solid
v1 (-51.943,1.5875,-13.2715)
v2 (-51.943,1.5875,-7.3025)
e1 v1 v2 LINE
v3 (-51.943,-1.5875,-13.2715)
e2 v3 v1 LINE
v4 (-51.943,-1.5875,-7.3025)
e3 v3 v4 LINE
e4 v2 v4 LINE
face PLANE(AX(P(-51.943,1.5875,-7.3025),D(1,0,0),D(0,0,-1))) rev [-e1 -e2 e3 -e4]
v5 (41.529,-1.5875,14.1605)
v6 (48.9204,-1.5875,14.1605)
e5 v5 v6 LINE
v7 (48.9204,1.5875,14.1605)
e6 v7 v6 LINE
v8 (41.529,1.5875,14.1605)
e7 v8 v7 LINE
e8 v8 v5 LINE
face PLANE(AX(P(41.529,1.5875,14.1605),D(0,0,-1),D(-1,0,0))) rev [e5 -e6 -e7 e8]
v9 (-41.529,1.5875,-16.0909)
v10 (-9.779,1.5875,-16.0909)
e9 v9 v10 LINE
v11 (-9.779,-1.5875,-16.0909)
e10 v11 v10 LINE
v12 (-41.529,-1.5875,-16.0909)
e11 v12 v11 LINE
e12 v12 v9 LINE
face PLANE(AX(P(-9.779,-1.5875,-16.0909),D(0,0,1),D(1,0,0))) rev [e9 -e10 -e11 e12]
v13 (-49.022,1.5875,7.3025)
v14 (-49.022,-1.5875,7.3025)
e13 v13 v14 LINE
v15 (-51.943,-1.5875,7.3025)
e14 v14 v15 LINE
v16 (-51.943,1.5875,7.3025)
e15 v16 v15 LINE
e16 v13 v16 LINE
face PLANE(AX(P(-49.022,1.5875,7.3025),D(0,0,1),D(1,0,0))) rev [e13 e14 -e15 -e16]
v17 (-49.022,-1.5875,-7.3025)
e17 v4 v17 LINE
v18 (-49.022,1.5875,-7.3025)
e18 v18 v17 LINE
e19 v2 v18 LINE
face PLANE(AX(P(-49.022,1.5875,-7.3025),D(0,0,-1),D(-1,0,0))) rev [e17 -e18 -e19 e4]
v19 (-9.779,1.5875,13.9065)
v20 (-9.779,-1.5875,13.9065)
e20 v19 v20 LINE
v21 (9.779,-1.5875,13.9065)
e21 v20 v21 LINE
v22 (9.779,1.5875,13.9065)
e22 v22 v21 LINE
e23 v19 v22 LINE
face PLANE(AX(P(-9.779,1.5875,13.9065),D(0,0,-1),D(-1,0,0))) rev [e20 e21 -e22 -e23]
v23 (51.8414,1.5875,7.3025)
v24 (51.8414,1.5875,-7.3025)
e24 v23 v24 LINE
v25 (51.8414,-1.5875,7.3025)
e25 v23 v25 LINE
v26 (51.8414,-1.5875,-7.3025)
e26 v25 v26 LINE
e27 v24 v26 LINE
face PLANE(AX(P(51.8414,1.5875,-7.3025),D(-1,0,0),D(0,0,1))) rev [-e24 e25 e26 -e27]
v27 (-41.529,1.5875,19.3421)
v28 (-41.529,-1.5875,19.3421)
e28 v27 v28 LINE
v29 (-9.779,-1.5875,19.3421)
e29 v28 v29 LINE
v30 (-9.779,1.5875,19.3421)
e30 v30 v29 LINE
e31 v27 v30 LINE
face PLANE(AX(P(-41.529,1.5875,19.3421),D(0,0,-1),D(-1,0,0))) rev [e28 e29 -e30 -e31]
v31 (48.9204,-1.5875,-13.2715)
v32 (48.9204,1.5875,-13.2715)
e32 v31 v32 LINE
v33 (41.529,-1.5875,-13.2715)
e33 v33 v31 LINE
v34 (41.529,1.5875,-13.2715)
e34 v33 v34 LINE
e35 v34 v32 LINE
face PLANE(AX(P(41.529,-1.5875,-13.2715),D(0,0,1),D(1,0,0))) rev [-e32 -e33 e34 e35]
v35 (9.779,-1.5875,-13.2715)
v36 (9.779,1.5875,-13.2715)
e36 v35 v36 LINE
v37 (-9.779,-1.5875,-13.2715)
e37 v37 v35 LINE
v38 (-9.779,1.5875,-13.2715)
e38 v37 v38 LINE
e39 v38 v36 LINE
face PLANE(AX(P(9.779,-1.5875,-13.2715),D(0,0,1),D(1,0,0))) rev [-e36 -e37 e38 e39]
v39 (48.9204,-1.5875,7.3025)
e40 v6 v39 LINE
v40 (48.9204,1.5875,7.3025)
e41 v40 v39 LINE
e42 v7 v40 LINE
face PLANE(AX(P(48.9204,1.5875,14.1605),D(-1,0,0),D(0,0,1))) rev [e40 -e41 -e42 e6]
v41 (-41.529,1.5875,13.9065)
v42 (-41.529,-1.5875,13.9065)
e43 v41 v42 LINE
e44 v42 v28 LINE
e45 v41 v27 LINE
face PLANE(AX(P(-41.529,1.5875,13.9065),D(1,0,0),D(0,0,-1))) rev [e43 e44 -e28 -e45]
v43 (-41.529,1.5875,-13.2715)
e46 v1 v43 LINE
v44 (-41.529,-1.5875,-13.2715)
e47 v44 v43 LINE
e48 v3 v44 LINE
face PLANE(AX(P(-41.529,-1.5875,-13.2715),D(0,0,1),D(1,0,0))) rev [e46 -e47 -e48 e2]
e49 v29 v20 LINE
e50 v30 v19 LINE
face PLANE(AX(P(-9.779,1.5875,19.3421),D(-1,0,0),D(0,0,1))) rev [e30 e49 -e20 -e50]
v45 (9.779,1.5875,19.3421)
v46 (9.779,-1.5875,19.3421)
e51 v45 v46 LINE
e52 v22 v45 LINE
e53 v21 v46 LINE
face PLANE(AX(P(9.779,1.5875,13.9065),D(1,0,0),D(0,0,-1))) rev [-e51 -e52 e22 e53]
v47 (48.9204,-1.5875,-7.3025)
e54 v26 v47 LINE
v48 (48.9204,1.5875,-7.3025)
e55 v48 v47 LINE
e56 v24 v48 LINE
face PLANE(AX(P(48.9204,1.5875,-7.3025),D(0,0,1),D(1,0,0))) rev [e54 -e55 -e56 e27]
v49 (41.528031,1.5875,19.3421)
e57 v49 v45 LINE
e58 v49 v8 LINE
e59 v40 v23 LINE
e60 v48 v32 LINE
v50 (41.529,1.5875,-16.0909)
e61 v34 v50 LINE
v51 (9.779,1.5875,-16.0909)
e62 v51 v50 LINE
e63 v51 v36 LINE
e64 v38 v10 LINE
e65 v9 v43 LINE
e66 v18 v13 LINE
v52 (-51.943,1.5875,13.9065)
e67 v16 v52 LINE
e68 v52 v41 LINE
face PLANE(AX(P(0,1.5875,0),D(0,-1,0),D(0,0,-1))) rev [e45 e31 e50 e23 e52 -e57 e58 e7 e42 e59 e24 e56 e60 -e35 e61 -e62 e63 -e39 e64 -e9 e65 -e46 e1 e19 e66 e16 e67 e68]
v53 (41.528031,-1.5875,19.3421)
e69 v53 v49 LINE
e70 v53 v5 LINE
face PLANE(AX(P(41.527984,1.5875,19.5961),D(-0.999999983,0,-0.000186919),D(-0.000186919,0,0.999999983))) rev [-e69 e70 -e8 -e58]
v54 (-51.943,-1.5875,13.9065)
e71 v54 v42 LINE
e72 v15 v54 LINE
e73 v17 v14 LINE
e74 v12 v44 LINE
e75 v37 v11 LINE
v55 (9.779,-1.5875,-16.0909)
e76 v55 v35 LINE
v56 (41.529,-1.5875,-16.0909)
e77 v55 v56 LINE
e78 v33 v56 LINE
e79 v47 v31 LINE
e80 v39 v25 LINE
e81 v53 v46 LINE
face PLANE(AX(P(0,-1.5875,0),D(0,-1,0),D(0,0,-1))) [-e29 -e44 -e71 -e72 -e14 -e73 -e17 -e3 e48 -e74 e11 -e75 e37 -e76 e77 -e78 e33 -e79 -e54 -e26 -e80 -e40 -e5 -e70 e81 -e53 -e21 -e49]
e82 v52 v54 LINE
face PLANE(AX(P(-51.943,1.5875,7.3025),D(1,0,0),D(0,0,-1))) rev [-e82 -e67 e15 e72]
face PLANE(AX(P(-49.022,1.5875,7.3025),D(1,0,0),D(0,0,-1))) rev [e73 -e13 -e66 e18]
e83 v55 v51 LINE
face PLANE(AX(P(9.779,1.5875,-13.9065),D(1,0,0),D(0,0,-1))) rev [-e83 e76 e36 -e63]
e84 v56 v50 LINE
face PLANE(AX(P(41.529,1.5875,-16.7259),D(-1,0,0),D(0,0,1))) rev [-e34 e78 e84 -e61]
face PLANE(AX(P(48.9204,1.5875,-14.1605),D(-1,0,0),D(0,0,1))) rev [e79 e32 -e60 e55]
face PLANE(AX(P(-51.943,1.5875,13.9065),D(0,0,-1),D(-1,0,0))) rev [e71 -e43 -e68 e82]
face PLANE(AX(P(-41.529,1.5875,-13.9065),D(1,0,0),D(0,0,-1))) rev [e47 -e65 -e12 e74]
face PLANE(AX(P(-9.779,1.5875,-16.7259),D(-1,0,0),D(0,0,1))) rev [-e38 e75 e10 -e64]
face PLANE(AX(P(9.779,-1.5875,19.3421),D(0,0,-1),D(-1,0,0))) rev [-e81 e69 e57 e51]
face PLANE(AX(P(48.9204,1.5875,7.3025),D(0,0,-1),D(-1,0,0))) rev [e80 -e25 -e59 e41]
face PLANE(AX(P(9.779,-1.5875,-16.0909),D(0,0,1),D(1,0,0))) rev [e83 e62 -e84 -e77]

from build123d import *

# Parameters (mm, degrees)
BOSS_EXTRUDE1_DEPTH = 1.5875
SKETCH2_W           = 10.414
SKETCH2_H           = 0.635
SKETCH2_W_2         = 19.558
SKETCH2_W_3         = 7.3914
SKETCH2_H_2         = 0.889
CUT_EXTRUDE1_DEPTH  = 56.607220803
SKETCH3_W           = 31.75
SKETCH3_H           = 0.635
CUT_EXTRUDE3_DEPTH  = 56.607220803


with BuildPart() as part:
    # Sketch1 → Boss-Extrude1 (new, symmetric)
    with BuildSketch(Plane(origin=(0, 0, 0), x_dir=(1, 0, 0), z_dir=(0, 1, 0))):
        Polygon((-49.022, -7.3025), (-49.022, 7.3025), (-51.943, 7.3025), (-51.943, 13.9065), (-41.529, 13.9065), (-41.529, 16.7259), (-9.779, 16.7259), (-9.779, 13.9065), (9.779, 13.9065), (9.779, 16.7259), (41.529, 16.7259), (41.529, 14.1605), (48.9204, 14.1605), (48.9204, 7.3025), (51.8414, 7.3025), (51.8414, -7.3025), (48.9204, -7.3025), (48.9204, -14.1605), (41.529, -14.1605), (41.527983985, -19.596099905), (9.779, -19.3421), (9.779, -13.9065), (-9.779, -13.9065), (-9.779, -19.3421), (-41.529, -19.3421), (-41.529, -13.9065), (-51.943, -13.9065), (-51.943, -7.3025), align=None)
    extrude(amount=BOSS_EXTRUDE1_DEPTH, both=True)

    # Sketch2 → Cut-Extrude1 (cut, through all)
    with BuildSketch(Plane(origin=(0, 1.5875, 0), x_dir=(1, 0, 0), z_dir=(0, 1, 0))):
        with Locations((-46.736, 13.589)):
            Rectangle(SKETCH2_W, SKETCH2_H)
        with Locations((0, 13.589)):
            Rectangle(SKETCH2_W_2, SKETCH2_H)
        with Locations((45.2247, 13.716)):
            Rectangle(SKETCH2_W_3, SKETCH2_H_2)
    extrude(amount=-CUT_EXTRUDE1_DEPTH, mode=Mode.SUBTRACT)

    # Sketch3 → Cut-Extrude3 (cut, through all)
    with BuildSketch(Plane(origin=(0, 1.5875, 0), x_dir=(1, 0, 0), z_dir=(0, 1, 0))):
        with Locations((-25.654, 16.4084)):
            Rectangle(SKETCH3_W, SKETCH3_H)
        Polygon((9.779, -19.3421), (41.528031462, -19.3421), (41.527983985, -19.596099905), (9.779096987, -19.596099905), align=None)
        with Locations((25.654, 16.4084)):
            Rectangle(SKETCH3_W, SKETCH3_H)
    extrude(amount=-CUT_EXTRUDE3_DEPTH, mode=Mode.SUBTRACT)


solid = part.part
